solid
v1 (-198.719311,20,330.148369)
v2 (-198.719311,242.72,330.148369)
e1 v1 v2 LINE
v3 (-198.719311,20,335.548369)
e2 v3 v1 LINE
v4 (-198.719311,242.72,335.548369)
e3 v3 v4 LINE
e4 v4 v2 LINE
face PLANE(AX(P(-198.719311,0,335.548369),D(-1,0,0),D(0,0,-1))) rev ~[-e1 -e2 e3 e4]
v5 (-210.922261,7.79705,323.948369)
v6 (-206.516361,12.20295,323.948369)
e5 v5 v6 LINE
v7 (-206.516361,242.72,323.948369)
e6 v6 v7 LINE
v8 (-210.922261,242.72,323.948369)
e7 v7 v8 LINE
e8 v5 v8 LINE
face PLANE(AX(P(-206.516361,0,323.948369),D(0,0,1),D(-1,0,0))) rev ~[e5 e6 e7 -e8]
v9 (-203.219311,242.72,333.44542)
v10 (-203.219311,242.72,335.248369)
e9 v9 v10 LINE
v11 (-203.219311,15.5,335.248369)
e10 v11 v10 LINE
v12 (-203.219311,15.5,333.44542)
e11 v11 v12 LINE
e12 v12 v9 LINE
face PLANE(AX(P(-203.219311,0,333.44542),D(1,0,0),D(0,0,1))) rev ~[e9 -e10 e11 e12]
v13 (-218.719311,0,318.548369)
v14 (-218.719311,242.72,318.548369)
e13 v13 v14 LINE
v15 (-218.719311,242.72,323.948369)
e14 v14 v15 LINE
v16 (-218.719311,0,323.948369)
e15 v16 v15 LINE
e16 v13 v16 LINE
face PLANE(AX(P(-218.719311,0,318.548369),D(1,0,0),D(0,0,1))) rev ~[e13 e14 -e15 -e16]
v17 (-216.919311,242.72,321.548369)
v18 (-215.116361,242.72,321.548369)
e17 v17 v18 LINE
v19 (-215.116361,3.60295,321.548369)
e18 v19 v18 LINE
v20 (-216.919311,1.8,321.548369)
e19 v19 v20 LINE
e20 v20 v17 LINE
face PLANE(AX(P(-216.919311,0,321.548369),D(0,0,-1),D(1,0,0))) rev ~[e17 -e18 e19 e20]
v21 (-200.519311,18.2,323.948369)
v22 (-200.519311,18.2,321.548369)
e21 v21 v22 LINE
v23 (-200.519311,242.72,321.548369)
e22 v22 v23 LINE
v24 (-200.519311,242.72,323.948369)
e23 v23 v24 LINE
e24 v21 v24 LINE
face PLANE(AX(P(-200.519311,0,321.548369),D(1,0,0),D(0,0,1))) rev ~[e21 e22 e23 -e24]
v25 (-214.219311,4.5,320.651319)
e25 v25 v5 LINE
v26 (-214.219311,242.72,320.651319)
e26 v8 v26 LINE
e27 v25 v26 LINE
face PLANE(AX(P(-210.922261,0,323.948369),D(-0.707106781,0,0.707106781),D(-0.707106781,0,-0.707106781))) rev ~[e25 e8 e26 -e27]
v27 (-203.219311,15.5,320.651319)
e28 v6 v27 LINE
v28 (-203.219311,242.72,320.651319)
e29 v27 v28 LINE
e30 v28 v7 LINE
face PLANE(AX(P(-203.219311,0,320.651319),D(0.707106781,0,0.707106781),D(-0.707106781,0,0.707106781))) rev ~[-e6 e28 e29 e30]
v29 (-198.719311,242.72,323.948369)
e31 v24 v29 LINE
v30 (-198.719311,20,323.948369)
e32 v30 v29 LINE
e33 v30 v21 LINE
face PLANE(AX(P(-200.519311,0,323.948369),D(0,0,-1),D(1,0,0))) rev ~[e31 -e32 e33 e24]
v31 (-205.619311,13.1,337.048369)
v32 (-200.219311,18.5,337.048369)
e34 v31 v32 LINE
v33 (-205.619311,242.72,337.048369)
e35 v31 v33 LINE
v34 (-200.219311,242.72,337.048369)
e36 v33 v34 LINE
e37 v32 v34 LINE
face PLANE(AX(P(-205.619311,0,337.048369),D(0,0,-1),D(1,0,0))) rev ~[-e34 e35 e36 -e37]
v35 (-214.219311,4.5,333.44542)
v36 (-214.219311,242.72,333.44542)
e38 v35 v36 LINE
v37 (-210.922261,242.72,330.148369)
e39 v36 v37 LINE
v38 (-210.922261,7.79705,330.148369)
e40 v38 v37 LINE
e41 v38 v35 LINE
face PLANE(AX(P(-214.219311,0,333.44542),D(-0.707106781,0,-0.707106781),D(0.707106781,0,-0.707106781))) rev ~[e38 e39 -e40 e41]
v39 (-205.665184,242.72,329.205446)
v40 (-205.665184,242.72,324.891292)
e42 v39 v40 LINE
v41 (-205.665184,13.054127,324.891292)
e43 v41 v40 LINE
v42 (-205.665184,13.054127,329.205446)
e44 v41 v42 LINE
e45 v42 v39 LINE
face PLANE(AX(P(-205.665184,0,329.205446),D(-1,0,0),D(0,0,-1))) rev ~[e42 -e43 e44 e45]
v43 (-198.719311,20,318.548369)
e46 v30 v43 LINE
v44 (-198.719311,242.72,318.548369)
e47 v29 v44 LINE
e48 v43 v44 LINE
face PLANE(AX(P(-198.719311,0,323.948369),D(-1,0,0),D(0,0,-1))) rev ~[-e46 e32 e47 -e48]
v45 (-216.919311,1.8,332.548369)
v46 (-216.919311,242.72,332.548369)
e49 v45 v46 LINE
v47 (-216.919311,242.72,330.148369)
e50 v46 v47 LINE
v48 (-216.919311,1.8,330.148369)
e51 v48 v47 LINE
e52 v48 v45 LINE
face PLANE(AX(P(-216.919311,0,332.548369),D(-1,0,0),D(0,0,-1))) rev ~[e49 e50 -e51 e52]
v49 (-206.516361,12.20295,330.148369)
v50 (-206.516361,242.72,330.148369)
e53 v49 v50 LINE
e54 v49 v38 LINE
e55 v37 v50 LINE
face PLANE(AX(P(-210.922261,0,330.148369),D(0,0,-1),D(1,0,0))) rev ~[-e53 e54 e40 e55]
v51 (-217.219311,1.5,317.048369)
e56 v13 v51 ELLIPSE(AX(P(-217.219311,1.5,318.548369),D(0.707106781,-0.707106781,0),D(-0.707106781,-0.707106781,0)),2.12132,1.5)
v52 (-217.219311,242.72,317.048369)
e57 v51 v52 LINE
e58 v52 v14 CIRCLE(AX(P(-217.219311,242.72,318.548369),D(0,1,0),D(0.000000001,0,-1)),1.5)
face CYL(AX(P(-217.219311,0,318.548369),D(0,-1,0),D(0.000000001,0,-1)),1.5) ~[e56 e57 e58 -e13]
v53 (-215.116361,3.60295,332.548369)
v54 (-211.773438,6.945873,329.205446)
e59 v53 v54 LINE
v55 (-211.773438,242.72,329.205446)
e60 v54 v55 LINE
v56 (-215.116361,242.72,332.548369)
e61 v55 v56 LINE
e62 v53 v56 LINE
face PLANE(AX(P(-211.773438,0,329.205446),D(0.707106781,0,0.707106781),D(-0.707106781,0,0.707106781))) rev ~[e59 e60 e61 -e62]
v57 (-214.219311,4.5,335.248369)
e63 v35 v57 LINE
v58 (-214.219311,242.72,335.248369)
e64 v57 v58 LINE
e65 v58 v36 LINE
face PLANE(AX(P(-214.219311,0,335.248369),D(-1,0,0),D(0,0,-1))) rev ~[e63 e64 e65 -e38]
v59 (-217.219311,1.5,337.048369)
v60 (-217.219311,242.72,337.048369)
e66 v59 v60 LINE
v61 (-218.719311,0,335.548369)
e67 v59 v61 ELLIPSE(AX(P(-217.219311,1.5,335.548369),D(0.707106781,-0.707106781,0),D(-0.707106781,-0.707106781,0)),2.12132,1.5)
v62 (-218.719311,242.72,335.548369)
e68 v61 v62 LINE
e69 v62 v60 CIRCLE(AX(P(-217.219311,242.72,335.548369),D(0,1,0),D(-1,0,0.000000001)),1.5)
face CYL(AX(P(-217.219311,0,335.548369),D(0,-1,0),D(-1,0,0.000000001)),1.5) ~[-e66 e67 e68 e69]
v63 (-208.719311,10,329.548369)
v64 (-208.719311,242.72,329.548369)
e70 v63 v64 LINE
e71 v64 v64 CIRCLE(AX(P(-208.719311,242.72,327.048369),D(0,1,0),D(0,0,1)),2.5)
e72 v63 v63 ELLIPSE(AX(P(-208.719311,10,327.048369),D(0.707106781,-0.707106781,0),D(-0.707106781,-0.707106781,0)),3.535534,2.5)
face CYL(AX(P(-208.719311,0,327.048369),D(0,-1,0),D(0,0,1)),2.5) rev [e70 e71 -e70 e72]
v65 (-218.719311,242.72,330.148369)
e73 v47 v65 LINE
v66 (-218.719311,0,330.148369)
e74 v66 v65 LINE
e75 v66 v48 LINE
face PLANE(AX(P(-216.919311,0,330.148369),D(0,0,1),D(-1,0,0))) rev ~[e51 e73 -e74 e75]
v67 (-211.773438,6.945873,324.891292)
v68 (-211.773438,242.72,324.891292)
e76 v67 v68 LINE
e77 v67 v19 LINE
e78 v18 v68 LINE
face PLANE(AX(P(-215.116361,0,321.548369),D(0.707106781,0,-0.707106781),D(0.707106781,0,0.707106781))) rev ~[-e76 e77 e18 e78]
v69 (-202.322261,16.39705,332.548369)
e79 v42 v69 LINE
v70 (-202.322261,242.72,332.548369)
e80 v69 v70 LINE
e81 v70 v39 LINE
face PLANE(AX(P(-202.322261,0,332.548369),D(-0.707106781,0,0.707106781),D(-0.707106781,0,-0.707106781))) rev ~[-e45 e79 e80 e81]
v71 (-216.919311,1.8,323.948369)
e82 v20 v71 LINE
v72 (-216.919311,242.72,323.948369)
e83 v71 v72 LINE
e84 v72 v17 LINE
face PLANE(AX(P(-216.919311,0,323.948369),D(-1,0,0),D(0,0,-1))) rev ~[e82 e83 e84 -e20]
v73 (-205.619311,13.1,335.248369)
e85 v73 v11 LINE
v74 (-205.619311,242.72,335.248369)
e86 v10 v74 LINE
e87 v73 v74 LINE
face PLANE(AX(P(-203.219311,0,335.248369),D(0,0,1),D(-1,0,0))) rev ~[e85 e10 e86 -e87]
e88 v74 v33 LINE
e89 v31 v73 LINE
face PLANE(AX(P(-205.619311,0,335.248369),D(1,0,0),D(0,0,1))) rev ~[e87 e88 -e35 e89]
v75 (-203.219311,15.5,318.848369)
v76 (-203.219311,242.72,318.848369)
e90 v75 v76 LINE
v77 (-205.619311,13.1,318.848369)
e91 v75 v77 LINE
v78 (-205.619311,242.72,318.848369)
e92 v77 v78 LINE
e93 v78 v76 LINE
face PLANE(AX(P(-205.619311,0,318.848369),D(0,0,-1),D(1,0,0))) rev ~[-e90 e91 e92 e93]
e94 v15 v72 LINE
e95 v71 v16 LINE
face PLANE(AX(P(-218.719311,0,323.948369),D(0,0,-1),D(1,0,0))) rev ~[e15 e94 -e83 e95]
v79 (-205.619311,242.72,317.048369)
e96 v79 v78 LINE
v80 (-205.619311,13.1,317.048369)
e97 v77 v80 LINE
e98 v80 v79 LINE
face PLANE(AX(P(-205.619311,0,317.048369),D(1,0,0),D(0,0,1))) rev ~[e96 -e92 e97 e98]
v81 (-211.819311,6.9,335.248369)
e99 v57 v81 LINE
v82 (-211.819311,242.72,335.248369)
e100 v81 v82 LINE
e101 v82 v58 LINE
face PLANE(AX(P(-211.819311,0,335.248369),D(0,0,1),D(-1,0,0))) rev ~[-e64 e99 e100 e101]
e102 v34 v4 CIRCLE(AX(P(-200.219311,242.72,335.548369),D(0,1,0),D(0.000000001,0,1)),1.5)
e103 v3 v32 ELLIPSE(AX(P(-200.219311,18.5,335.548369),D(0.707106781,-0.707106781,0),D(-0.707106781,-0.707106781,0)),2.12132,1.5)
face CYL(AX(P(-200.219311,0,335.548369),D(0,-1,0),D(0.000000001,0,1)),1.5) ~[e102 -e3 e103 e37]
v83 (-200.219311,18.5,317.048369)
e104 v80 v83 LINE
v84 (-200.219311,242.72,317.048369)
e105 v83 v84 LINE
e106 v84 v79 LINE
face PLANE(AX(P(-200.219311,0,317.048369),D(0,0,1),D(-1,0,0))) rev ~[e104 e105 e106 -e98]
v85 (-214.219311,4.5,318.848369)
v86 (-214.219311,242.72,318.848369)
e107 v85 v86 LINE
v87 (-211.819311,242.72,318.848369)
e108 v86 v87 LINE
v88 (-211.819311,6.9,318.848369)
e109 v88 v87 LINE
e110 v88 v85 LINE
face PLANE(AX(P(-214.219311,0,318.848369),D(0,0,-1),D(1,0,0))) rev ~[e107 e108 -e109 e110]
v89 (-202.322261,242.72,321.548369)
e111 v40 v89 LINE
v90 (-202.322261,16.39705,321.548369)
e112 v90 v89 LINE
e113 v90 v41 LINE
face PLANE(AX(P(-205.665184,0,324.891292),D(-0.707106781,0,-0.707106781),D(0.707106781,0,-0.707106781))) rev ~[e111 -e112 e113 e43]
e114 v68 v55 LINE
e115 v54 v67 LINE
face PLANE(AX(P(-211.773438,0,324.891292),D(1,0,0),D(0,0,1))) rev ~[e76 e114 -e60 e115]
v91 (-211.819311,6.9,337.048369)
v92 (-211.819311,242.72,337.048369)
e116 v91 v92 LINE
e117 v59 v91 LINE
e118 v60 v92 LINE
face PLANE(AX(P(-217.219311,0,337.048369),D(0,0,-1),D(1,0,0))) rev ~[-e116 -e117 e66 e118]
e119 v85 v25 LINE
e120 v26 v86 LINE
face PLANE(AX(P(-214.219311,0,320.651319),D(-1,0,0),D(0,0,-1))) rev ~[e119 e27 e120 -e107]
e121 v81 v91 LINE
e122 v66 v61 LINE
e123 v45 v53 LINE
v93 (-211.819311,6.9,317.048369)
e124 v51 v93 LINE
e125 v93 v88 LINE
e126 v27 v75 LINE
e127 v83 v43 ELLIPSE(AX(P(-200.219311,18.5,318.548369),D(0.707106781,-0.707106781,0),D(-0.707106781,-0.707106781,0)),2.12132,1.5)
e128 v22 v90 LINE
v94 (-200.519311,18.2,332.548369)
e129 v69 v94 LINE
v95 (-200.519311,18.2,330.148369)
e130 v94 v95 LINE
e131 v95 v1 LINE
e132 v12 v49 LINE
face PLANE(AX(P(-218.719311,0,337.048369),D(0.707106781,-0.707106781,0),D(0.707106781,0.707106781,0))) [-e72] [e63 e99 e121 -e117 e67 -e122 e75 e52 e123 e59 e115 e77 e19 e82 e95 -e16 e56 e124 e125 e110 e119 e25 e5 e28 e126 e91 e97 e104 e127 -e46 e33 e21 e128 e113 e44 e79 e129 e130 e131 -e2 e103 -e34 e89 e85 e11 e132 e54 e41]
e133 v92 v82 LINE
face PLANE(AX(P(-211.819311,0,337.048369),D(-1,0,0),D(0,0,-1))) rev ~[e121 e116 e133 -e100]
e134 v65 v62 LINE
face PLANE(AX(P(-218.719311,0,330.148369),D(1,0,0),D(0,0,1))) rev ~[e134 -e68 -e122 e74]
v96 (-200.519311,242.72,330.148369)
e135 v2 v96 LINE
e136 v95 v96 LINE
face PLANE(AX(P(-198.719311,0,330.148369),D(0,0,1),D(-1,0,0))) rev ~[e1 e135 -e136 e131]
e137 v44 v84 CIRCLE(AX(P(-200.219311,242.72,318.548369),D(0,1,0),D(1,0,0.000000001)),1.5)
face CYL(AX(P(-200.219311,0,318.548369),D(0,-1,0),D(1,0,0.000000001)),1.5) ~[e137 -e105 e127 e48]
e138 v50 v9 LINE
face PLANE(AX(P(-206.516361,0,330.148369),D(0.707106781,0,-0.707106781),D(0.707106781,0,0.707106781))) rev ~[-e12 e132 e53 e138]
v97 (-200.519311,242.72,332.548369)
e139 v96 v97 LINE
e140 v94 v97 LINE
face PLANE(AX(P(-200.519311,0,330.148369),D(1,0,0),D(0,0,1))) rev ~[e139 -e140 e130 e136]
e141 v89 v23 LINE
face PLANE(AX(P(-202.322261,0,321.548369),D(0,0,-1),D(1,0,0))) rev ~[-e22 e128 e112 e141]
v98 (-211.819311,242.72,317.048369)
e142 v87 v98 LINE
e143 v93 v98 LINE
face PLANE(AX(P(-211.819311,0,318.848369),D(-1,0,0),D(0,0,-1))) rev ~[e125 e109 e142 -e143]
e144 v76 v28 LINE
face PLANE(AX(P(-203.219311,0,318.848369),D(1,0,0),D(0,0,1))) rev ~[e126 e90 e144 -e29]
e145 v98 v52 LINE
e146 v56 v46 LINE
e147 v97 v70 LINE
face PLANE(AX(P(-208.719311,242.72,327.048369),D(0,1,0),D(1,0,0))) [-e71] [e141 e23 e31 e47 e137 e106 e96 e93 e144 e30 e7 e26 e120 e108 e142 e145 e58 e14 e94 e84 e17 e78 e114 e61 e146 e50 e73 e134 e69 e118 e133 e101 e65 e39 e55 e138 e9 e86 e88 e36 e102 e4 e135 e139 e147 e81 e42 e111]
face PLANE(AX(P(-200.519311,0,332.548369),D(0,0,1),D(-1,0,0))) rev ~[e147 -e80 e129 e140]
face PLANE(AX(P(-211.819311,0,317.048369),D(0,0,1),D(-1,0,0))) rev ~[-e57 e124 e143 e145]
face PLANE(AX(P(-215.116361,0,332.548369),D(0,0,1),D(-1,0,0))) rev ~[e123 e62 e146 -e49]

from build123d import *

# Parameters (mm, degrees)
SKETCH_1_R          = 2.5
EXTRUDE_1_DEPTH     = 242.72
CUT_EXTRUDE_1_DEPTH = 328.339480429


with BuildPart() as part:
    # 草图1 → 凸台-拉伸1 (new body)
    with BuildSketch(Plane(origin=(0, 0, 0), x_dir=(1, 0, 0), z_dir=(0, 1, 0))):
        with BuildLine():
            Line((-216.919311098, -330.148369359), (-218.719311098, -330.148369359))
            Line((-218.719311098, -330.148369359), (-218.719311098, -335.548369359))
            ThreePointArc((-218.719311098, -335.548369359), (-218.27997127, -336.60902953), (-217.219311098, -337.048369359))
            Line((-217.219311098, -337.048369359), (-211.819311098, -337.048369359))
            Line((-211.819311098, -337.048369359), (-211.819311098, -335.248369359))
            Line((-211.819311098, -335.248369359), (-214.219311098, -335.248369359))
            Line((-214.219311098, -335.248369359), (-214.219311098, -333.445419514))
            Line((-214.219311098, -333.445419514), (-210.922260943, -330.148369359))
            Line((-210.922260943, -330.148369359), (-206.516361253, -330.148369359))
            Line((-206.516361253, -330.148369359), (-203.219311098, -333.445419514))
            Line((-203.219311098, -333.445419514), (-203.219311098, -335.248369359))
            Line((-203.219311098, -335.248369359), (-205.619311098, -335.248369359))
            Line((-205.619311098, -335.248369359), (-205.619311098, -337.048369359))
            Line((-205.619311098, -337.048369359), (-200.219311098, -337.048369359))
            ThreePointArc((-200.219311098, -337.048369359), (-199.158650926, -336.60902953), (-198.719311098, -335.548369359))
            Line((-198.719311098, -335.548369359), (-198.719311098, -330.148369359))
            Line((-198.719311098, -330.148369359), (-200.519311098, -330.148369359))
            Line((-200.519311098, -330.148369359), (-200.519311098, -332.548369359))
            Line((-200.519311098, -332.548369359), (-202.322260943, -332.548369359))
            Line((-202.322260943, -332.548369359), (-205.665184078, -329.205446224))
            Line((-205.665184078, -329.205446224), (-205.665184078, -324.891292493))
            Line((-205.665184078, -324.891292493), (-202.322260943, -321.548369359))
            Line((-202.322260943, -321.548369359), (-200.519311098, -321.548369359))
            Line((-200.519311098, -321.548369359), (-200.519311098, -323.948369359))
            Line((-200.519311098, -323.948369359), (-198.719311098, -323.948369359))
            Line((-198.719311098, -323.948369359), (-198.719311098, -318.548369359))
            ThreePointArc((-198.719311098, -318.548369359), (-199.158650926, -317.487709187), (-200.219311098, -317.048369359))
            Line((-200.219311098, -317.048369359), (-205.619311098, -317.048369359))
            Line((-205.619311098, -317.048369359), (-205.619311098, -318.848369359))
            Line((-205.619311098, -318.848369359), (-203.219311098, -318.848369359))
            Line((-203.219311098, -318.848369359), (-203.219311098, -320.651319203))
            Line((-203.219311098, -320.651319203), (-206.516361253, -323.948369359))
            Line((-206.516361253, -323.948369359), (-210.922260943, -323.948369359))
            Line((-210.922260943, -323.948369359), (-214.219311098, -320.651319203))
            Line((-214.219311098, -320.651319203), (-214.219311098, -318.848369359))
            Line((-214.219311098, -318.848369359), (-211.819311098, -318.848369359))
            Line((-211.819311098, -318.848369359), (-211.819311098, -317.048369359))
            Line((-211.819311098, -317.048369359), (-217.219311098, -317.048369359))
            ThreePointArc((-217.219311098, -317.048369359), (-218.27997127, -317.487709187), (-218.719311098, -318.548369359))
            Line((-218.719311098, -318.548369359), (-218.719311098, -323.948369359))
            Line((-218.719311098, -323.948369359), (-216.919311098, -323.948369359))
            Line((-216.919311098, -323.948369359), (-216.919311098, -321.548369359))
            Line((-216.919311098, -321.548369359), (-215.116361253, -321.548369359))
            Line((-215.116361253, -321.548369359), (-211.773438118, -324.891292493))
            Line((-211.773438118, -324.891292493), (-211.773438118, -329.205446224))
            Line((-211.773438118, -329.205446224), (-215.116361253, -332.548369359))
            Line((-215.116361253, -332.548369359), (-216.919311098, -332.548369359))
            Line((-216.919311098, -332.548369359), (-216.919311098, -330.148369359))
        make_face()
        with Locations(Location((-208.719311098, -327.048369359, 0), (0, 0, 270))):
            Circle(SKETCH_1_R, mode=Mode.SUBTRACT)
    extrude(amount=EXTRUDE_1_DEPTH)

    # 草图2 → 切除-拉伸1 (cut, through all)
    with BuildSketch(Plane.XY.offset(337.048369359)):
        Polygon((-218.719311098, 0), (-198.719311098, 20), (-198.719311098, 0), align=None)
    extrude(amount=-CUT_EXTRUDE_1_DEPTH, mode=Mode.SUBTRACT)


solid = part.part
